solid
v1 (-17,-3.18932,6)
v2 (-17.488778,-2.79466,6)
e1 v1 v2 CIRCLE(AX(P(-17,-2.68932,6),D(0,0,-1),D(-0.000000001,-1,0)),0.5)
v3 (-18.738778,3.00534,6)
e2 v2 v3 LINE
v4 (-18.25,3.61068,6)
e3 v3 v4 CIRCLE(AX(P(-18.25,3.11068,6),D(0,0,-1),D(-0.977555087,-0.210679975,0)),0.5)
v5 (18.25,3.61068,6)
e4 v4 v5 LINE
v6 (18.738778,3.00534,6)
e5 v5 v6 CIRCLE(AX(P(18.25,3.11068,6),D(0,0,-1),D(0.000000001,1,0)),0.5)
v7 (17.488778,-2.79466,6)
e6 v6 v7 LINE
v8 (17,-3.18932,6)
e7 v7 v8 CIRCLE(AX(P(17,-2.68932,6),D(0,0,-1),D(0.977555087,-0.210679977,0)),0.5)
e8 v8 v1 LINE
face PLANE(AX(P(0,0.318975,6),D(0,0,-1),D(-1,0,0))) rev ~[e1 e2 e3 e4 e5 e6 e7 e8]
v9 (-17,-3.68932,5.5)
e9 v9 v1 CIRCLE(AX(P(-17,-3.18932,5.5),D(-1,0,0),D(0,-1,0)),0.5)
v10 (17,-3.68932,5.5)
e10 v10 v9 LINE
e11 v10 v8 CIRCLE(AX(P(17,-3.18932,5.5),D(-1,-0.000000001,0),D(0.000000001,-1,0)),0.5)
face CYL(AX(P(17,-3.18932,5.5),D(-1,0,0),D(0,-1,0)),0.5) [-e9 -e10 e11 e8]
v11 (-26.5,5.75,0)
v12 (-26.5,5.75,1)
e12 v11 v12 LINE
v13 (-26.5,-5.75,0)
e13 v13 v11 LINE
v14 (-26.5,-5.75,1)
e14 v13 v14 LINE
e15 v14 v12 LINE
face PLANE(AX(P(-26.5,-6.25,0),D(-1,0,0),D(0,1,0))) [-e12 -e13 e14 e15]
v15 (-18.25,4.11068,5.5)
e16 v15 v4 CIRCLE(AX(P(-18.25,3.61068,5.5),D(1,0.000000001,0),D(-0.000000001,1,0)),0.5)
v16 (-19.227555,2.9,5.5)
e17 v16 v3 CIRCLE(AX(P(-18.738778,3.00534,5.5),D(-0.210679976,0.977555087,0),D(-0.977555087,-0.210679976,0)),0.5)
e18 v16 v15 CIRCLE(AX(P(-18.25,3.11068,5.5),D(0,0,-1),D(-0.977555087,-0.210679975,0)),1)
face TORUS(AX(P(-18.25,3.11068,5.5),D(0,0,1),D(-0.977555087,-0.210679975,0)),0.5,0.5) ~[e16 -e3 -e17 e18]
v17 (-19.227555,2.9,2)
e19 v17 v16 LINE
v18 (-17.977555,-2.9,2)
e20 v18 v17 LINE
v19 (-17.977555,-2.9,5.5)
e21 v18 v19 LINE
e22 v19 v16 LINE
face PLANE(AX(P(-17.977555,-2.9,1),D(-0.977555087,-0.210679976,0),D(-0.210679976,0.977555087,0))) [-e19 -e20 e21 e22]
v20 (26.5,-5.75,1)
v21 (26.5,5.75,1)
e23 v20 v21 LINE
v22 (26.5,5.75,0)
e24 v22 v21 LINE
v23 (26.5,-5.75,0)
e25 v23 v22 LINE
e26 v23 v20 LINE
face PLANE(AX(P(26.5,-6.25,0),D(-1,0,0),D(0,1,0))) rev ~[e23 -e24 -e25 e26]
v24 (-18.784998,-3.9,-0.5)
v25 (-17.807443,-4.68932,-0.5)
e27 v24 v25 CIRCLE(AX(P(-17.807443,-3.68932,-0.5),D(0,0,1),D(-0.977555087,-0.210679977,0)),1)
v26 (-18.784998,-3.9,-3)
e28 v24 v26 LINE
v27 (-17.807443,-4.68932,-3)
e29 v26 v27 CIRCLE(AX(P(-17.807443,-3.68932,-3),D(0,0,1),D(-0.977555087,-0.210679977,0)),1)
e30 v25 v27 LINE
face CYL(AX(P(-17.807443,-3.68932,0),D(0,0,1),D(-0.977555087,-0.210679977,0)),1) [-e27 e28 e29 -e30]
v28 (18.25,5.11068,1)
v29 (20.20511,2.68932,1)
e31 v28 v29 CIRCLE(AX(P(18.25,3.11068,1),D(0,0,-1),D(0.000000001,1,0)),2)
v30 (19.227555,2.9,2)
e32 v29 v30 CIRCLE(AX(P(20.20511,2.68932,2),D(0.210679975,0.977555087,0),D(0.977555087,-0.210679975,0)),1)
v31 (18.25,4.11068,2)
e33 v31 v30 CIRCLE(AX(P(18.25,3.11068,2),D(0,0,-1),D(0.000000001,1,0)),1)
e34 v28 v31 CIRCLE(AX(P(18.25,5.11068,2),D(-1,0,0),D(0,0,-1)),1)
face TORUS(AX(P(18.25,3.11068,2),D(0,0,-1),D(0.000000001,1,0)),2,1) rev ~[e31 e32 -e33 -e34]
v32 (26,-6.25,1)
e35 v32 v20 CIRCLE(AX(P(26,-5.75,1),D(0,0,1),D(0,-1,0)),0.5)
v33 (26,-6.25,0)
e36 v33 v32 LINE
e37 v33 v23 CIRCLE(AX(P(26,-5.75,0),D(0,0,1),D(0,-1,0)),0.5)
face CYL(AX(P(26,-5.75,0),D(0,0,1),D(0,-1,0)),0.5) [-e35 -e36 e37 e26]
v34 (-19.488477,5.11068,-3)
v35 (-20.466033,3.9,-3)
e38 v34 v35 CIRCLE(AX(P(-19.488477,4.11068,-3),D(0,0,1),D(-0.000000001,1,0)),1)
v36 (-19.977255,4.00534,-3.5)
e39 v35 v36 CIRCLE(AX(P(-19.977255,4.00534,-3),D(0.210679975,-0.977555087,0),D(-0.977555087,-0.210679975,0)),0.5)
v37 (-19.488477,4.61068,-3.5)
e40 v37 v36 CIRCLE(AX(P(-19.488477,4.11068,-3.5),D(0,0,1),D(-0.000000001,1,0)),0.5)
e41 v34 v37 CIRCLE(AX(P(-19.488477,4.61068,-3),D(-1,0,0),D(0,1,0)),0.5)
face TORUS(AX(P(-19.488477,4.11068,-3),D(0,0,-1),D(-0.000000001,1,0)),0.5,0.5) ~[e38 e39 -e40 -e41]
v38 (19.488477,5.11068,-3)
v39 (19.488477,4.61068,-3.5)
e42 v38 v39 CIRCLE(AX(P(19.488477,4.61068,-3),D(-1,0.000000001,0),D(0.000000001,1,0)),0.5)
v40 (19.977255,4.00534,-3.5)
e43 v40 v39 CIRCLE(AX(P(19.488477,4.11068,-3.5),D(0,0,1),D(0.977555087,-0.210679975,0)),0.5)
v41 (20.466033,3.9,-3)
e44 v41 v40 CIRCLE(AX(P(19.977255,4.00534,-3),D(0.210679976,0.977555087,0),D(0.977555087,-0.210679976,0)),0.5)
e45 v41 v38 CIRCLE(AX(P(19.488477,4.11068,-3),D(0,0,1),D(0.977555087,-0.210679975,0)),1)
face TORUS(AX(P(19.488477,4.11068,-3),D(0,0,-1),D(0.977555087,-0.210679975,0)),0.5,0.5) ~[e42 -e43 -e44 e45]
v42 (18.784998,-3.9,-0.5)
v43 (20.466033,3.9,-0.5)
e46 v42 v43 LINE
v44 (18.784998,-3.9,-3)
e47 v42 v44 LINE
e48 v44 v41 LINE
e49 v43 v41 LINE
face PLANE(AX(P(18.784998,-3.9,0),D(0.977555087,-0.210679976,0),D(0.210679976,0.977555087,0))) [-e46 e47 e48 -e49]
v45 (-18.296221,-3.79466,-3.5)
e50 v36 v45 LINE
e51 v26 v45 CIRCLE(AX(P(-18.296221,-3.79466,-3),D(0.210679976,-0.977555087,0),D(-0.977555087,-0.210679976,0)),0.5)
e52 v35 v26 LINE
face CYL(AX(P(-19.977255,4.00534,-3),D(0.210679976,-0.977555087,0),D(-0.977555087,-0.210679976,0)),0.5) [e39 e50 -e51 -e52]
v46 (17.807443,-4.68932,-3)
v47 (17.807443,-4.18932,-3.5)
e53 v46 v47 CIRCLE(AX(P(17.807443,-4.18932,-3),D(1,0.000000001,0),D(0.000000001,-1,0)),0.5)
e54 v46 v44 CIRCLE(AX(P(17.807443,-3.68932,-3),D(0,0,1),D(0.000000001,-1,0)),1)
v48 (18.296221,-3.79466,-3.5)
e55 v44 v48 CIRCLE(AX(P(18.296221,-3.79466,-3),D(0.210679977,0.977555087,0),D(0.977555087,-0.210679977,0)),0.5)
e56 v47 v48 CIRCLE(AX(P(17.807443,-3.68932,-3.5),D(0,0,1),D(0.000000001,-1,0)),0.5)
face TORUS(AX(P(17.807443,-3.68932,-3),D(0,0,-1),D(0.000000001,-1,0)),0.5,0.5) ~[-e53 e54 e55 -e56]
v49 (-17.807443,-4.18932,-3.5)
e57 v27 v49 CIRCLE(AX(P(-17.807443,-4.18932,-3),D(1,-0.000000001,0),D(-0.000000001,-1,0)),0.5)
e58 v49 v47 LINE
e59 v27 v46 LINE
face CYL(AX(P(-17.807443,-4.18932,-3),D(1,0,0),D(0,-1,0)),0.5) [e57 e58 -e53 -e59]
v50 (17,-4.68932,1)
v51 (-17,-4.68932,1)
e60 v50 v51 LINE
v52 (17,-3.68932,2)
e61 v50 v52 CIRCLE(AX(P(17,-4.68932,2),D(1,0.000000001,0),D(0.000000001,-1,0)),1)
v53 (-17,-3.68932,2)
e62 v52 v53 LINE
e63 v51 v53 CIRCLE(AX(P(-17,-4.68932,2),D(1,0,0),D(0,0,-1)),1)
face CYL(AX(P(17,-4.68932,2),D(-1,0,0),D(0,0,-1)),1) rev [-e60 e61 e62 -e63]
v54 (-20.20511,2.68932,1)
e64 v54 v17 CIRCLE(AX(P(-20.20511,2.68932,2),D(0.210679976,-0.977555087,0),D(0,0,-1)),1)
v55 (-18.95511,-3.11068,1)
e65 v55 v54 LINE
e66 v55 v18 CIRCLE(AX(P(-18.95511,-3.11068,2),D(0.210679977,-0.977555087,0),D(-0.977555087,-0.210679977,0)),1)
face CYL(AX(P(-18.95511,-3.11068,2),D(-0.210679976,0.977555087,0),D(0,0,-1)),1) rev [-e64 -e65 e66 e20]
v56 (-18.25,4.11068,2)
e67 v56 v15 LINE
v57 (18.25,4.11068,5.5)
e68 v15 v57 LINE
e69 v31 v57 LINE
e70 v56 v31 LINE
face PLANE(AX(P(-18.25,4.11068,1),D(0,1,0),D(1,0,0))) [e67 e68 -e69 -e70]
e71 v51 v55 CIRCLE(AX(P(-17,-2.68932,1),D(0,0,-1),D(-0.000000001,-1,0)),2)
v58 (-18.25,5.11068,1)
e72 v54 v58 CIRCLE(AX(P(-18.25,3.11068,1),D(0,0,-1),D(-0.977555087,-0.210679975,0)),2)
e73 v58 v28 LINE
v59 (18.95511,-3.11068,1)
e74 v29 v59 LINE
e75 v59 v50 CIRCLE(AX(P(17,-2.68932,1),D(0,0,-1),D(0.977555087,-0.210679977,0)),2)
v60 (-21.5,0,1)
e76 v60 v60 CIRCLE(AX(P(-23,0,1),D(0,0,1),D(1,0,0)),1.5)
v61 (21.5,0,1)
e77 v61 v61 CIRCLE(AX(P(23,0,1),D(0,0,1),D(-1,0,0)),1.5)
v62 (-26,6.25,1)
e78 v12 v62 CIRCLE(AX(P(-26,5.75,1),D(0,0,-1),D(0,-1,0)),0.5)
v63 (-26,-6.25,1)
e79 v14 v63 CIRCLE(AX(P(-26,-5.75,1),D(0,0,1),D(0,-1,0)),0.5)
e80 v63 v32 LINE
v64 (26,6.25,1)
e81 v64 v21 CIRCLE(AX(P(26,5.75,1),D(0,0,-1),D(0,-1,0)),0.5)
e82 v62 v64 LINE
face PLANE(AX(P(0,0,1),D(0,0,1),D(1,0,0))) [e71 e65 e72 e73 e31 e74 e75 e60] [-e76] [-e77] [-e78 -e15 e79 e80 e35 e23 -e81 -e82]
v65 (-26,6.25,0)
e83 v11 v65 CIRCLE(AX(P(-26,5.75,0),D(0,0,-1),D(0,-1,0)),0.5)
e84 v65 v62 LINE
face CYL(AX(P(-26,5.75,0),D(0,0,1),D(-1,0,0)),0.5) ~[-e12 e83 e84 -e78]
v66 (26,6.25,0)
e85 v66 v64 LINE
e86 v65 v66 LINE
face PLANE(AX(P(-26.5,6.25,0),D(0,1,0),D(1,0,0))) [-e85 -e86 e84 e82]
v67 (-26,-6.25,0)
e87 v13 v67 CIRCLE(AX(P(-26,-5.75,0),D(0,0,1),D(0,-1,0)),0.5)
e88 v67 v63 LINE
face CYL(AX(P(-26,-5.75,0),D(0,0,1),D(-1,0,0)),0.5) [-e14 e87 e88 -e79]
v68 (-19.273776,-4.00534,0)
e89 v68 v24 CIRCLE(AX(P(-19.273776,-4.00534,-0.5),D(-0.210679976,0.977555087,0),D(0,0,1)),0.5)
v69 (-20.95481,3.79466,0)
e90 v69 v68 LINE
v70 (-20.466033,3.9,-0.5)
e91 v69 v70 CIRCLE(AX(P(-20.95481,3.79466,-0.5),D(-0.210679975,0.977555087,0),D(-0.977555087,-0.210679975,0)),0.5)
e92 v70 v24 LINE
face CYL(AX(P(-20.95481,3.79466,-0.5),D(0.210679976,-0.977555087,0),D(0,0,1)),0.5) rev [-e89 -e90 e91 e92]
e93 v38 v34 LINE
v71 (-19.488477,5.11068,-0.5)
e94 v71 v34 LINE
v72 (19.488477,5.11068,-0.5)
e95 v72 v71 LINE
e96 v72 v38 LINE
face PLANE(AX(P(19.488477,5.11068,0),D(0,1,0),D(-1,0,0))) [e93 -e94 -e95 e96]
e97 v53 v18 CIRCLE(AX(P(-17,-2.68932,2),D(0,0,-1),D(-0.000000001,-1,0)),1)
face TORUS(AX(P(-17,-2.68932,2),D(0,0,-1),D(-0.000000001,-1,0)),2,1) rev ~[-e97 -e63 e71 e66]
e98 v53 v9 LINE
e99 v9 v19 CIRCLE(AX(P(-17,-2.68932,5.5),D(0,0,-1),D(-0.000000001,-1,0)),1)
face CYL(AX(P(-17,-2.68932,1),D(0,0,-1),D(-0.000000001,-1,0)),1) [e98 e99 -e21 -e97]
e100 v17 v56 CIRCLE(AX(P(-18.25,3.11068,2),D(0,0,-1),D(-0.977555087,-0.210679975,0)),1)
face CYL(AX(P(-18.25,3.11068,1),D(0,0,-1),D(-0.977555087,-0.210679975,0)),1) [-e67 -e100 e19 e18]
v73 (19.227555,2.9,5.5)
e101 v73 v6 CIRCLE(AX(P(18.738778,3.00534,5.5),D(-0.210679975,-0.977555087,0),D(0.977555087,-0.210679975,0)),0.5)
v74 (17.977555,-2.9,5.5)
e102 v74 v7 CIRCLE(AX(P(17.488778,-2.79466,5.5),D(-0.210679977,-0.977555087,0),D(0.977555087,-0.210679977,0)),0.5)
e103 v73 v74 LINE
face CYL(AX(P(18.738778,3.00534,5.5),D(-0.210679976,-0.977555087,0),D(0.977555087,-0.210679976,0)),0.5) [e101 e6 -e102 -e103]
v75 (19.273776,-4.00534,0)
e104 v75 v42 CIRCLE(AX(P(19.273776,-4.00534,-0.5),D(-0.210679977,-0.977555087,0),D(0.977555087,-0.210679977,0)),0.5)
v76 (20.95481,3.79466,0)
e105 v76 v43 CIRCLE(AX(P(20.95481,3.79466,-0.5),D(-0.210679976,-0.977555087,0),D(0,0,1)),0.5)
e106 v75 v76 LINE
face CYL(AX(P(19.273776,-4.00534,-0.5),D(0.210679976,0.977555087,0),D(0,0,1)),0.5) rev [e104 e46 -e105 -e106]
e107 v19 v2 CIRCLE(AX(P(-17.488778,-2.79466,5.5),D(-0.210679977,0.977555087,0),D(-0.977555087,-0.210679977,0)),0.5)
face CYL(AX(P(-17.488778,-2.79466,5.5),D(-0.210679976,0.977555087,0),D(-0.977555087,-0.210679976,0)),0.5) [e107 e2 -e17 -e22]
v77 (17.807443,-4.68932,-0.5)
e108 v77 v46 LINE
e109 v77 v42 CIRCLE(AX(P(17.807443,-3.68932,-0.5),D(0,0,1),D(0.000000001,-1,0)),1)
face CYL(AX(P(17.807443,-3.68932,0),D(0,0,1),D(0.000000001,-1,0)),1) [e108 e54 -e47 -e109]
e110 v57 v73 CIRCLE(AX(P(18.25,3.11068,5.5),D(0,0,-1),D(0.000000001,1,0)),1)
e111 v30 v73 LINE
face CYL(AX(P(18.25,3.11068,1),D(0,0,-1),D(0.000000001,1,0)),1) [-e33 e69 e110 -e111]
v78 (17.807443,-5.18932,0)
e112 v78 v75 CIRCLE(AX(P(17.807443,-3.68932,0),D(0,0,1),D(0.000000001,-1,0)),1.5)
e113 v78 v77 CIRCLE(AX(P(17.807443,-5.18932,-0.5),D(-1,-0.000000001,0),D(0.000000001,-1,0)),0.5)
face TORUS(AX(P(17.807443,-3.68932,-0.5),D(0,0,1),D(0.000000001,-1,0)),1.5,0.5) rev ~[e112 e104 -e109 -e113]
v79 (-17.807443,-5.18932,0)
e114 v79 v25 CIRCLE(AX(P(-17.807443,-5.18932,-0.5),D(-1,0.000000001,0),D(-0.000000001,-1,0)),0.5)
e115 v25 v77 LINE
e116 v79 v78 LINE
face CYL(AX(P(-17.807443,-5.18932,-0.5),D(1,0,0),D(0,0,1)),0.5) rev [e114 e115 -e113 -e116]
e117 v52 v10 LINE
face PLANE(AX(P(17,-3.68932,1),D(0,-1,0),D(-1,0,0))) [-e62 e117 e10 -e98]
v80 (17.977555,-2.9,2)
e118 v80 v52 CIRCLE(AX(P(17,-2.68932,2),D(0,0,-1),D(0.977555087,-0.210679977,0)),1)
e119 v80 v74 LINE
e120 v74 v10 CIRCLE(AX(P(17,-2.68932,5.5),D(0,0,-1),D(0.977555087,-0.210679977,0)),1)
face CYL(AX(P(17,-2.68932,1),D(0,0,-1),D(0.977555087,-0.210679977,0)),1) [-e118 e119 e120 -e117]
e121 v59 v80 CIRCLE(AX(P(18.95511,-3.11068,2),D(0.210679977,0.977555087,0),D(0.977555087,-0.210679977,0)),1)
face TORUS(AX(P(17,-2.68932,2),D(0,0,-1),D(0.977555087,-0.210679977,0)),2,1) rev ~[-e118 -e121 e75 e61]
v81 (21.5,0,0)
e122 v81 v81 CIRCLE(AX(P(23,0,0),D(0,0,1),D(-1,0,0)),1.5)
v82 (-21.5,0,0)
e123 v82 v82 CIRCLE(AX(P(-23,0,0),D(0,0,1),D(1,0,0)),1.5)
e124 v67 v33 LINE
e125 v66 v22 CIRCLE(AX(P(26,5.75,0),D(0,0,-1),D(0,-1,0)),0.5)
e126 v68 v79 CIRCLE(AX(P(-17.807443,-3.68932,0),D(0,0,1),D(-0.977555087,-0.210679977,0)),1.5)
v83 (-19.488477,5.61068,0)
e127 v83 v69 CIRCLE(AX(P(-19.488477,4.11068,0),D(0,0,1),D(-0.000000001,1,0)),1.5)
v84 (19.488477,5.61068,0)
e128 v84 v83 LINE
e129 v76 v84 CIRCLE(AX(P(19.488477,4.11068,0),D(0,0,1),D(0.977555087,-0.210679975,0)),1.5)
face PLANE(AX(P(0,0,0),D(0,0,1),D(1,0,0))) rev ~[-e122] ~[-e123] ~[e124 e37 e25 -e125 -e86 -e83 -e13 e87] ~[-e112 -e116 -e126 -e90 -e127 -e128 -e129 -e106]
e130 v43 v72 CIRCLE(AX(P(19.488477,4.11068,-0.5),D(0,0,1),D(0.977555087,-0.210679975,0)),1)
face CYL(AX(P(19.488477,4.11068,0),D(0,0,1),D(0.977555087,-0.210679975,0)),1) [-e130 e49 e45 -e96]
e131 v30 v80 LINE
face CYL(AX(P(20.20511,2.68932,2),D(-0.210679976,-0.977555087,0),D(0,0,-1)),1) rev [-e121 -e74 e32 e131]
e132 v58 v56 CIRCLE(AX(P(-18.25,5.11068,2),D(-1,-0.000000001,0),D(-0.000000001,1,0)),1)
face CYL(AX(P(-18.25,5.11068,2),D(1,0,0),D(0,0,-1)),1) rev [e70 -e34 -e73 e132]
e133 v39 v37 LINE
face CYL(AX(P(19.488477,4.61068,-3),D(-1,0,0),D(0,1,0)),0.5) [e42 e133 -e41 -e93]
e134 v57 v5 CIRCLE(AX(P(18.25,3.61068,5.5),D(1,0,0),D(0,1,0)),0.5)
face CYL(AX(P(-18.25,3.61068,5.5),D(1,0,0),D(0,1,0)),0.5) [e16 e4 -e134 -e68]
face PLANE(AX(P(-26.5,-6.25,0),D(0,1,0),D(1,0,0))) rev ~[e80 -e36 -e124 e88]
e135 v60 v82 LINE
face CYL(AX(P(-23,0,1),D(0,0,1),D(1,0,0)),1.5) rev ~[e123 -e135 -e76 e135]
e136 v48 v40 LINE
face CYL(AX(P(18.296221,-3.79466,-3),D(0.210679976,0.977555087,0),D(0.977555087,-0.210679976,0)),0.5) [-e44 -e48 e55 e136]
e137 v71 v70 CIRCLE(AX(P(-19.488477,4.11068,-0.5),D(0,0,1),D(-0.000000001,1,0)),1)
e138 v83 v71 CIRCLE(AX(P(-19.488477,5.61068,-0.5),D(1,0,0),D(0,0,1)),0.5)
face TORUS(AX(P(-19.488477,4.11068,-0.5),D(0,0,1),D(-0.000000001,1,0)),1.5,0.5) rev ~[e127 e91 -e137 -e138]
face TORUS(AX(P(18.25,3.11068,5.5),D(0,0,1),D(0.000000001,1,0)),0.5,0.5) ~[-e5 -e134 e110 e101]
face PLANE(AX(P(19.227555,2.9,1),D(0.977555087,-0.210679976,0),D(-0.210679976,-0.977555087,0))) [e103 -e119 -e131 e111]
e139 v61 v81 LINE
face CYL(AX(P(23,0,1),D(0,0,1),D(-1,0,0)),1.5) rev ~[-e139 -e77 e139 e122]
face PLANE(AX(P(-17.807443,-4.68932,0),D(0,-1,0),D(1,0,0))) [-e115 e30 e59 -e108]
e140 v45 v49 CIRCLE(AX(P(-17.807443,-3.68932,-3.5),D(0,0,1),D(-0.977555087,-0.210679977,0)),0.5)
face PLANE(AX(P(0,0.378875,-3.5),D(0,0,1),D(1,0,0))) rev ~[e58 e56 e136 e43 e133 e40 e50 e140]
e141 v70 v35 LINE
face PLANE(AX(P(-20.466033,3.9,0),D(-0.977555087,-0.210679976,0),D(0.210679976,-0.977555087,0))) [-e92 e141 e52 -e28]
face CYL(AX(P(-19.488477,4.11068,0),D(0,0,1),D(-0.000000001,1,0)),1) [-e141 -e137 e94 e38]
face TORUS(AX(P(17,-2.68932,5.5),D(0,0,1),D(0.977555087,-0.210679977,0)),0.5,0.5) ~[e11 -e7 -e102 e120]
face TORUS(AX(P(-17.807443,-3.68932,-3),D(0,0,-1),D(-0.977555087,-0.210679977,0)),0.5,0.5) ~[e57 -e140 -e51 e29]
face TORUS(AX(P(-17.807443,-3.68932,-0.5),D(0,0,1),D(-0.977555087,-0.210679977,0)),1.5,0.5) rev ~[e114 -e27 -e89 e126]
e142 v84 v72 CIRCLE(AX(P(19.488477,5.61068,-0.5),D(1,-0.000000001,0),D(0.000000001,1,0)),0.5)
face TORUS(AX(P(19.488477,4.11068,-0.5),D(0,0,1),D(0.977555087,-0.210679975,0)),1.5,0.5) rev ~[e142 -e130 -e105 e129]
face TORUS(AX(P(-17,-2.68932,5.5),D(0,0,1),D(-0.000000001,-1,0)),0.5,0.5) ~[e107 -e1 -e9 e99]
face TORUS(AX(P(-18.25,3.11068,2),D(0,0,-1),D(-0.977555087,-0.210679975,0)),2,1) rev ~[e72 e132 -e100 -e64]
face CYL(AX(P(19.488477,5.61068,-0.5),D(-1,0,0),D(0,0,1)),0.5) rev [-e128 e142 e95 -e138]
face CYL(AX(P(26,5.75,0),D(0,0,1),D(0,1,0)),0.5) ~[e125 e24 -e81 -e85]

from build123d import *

# Parameters (mm, degrees)
SKETCH1_W           = 53
SKETCH1_H           = 12.5
BOSS_EXTRUDE1_DEPTH = 1
BOSS_EXTRUDE2_DEPTH = 5
SKETCH3_R           = 1.5
CUT_EXTRUDE1_DEPTH  = 28.682349973
FILLET1_R           = 1
FILLET2_R           = 0.5
BOSS_EXTRUDE3_DEPTH = 3.5
FILLET3_R           = 0.5


with BuildPart() as part:
    # Sketch1 → Boss-Extrude1 (new body)
    with BuildSketch(Plane.XY):
        Rectangle(SKETCH1_W, SKETCH1_H)
    extrude(amount=BOSS_EXTRUDE1_DEPTH)

    # Sketch2 → Boss-Extrude2 (add)
    with BuildSketch(Plane.XY.offset(1)):
        with BuildLine():
            Line((19.227555087, 2.9), (17.977555087, -2.9))
            ThreePointArc((17.977555087, -2.9), (17.628219716, -3.467356005), (17, -3.689320024))
            Line((17, -3.689320024), (-17, -3.689320024))
            ThreePointArc((-17, -3.689320024), (-17.628219716, -3.467356005), (-17.977555087, -2.9))
            Line((-17.977555087, -2.9), (-19.227555087, 2.9))
            ThreePointArc((-19.227555087, 2.9), (-19.028035981, 3.738899692), (-18.25, 4.110679976))
            Line((-18.25, 4.110679976), (18.25, 4.110679976))
            ThreePointArc((18.25, 4.110679976), (19.028035981, 3.738899692), (19.227555087, 2.9))
        make_face()
    extrude(amount=BOSS_EXTRUDE2_DEPTH)

    # Sketch3 → Cut-Extrude1 (cut, through all)
    with BuildSketch(Plane.XY.offset(1)):
        with Locations((-23, 0)):
            Circle(SKETCH3_R)
        with Locations(Location((23, 0, 0), (0, 0, 180))):
            Circle(SKETCH3_R)
    extrude(amount=-CUT_EXTRUDE1_DEPTH, mode=Mode.SUBTRACT)

    # Fillet1
    fillet1_edges = [part.edges().sort_by_distance(p)[0] for p in [
        (17.628219716, -3.467356005, 1),
        (18.602555087, 0, 1),
        (19.028035981, 3.738899692, 1),
        (0, 4.110679976, 1),
        (-19.028035981, 3.738899692, 1),
        (-18.602555087, 0, 1),
        (-17.628219716, -3.467356005, 1),
        (0, -3.689320024, 1),
    ]]
    fillet(fillet1_edges, radius=FILLET1_R)

    # Fillet2
    fillet2_edges = [part.edges().sort_by_distance(p)[0] for p in [
        (17.628219716, -3.467356005, 6),
        (18.602555087, 0, 6),
        (19.028035981, 3.738899692, 6),
        (0, 4.110679976, 6),
        (-19.028035981, 3.738899692, 6),
        (-18.602555087, 0, 6),
        (-17.628219716, -3.467356005, 6),
        (0, -3.689320024, 6),
        (26.5, -6.25, 0.5),
        (-26.5, -6.25, 0.5),
        (-26.5, 6.25, 0.5),
        (26.5, 6.25, 0.5),
    ]]
    fillet(fillet2_edges, radius=FILLET2_R)

    # Sketch5 → Boss-Extrude3 (add)
    with BuildSketch(Plane(origin=(0, 0, 0), x_dir=(-1, 0, 0), z_dir=(0, 0, -1))):
        with BuildLine():
            Line((-19.488477495, 5.110679976), (19.488477495, 5.110679976))
            ThreePointArc((19.488477495, 5.110679976), (20.266513476, 4.738899692), (20.466032582, 3.9))
            Line((20.466032582, 3.9), (18.7849981, -3.9))
            ThreePointArc((18.7849981, -3.9), (18.435662729, -4.467356005), (17.807443013, -4.689320024))
            Line((17.807443013, -4.689320024), (-17.807443013, -4.689320024))
            ThreePointArc((-17.807443013, -4.689320024), (-18.435662729, -4.467356005), (-18.7849981, -3.9))
            Line((-18.7849981, -3.9), (-20.466032582, 3.9))
            ThreePointArc((-20.466032582, 3.9), (-20.266513476, 4.738899692), (-19.488477495, 5.110679976))
        make_face()
    extrude(amount=BOSS_EXTRUDE3_DEPTH)

    # Fillet3
    fillet3_edges = [part.edges().sort_by_distance(p)[0] for p in [
        (18.435662729, -4.467356005, 0),
        (0, -4.689320024, 0),
        (-18.435662729, -4.467356005, 0),
        (-19.625515341, 0, 0),
        (-20.266513476, 4.738899692, 0),
        (0, 5.110679976, 0),
        (20.266513476, 4.738899692, 0),
        (19.625515341, 0, 0),
        (18.435662729, -4.467356005, -3.5),
        (0, -4.689320024, -3.5),
        (-18.435662729, -4.467356005, -3.5),
        (-19.625515341, 0, -3.5),
        (-20.266513476, 4.738899692, -3.5),
        (0, 5.110679976, -3.5),
        (20.266513476, 4.738899692, -3.5),
        (19.625515341, 0, -3.5),
    ]]
    fillet(fillet3_edges, radius=FILLET3_R)


solid = part.part
